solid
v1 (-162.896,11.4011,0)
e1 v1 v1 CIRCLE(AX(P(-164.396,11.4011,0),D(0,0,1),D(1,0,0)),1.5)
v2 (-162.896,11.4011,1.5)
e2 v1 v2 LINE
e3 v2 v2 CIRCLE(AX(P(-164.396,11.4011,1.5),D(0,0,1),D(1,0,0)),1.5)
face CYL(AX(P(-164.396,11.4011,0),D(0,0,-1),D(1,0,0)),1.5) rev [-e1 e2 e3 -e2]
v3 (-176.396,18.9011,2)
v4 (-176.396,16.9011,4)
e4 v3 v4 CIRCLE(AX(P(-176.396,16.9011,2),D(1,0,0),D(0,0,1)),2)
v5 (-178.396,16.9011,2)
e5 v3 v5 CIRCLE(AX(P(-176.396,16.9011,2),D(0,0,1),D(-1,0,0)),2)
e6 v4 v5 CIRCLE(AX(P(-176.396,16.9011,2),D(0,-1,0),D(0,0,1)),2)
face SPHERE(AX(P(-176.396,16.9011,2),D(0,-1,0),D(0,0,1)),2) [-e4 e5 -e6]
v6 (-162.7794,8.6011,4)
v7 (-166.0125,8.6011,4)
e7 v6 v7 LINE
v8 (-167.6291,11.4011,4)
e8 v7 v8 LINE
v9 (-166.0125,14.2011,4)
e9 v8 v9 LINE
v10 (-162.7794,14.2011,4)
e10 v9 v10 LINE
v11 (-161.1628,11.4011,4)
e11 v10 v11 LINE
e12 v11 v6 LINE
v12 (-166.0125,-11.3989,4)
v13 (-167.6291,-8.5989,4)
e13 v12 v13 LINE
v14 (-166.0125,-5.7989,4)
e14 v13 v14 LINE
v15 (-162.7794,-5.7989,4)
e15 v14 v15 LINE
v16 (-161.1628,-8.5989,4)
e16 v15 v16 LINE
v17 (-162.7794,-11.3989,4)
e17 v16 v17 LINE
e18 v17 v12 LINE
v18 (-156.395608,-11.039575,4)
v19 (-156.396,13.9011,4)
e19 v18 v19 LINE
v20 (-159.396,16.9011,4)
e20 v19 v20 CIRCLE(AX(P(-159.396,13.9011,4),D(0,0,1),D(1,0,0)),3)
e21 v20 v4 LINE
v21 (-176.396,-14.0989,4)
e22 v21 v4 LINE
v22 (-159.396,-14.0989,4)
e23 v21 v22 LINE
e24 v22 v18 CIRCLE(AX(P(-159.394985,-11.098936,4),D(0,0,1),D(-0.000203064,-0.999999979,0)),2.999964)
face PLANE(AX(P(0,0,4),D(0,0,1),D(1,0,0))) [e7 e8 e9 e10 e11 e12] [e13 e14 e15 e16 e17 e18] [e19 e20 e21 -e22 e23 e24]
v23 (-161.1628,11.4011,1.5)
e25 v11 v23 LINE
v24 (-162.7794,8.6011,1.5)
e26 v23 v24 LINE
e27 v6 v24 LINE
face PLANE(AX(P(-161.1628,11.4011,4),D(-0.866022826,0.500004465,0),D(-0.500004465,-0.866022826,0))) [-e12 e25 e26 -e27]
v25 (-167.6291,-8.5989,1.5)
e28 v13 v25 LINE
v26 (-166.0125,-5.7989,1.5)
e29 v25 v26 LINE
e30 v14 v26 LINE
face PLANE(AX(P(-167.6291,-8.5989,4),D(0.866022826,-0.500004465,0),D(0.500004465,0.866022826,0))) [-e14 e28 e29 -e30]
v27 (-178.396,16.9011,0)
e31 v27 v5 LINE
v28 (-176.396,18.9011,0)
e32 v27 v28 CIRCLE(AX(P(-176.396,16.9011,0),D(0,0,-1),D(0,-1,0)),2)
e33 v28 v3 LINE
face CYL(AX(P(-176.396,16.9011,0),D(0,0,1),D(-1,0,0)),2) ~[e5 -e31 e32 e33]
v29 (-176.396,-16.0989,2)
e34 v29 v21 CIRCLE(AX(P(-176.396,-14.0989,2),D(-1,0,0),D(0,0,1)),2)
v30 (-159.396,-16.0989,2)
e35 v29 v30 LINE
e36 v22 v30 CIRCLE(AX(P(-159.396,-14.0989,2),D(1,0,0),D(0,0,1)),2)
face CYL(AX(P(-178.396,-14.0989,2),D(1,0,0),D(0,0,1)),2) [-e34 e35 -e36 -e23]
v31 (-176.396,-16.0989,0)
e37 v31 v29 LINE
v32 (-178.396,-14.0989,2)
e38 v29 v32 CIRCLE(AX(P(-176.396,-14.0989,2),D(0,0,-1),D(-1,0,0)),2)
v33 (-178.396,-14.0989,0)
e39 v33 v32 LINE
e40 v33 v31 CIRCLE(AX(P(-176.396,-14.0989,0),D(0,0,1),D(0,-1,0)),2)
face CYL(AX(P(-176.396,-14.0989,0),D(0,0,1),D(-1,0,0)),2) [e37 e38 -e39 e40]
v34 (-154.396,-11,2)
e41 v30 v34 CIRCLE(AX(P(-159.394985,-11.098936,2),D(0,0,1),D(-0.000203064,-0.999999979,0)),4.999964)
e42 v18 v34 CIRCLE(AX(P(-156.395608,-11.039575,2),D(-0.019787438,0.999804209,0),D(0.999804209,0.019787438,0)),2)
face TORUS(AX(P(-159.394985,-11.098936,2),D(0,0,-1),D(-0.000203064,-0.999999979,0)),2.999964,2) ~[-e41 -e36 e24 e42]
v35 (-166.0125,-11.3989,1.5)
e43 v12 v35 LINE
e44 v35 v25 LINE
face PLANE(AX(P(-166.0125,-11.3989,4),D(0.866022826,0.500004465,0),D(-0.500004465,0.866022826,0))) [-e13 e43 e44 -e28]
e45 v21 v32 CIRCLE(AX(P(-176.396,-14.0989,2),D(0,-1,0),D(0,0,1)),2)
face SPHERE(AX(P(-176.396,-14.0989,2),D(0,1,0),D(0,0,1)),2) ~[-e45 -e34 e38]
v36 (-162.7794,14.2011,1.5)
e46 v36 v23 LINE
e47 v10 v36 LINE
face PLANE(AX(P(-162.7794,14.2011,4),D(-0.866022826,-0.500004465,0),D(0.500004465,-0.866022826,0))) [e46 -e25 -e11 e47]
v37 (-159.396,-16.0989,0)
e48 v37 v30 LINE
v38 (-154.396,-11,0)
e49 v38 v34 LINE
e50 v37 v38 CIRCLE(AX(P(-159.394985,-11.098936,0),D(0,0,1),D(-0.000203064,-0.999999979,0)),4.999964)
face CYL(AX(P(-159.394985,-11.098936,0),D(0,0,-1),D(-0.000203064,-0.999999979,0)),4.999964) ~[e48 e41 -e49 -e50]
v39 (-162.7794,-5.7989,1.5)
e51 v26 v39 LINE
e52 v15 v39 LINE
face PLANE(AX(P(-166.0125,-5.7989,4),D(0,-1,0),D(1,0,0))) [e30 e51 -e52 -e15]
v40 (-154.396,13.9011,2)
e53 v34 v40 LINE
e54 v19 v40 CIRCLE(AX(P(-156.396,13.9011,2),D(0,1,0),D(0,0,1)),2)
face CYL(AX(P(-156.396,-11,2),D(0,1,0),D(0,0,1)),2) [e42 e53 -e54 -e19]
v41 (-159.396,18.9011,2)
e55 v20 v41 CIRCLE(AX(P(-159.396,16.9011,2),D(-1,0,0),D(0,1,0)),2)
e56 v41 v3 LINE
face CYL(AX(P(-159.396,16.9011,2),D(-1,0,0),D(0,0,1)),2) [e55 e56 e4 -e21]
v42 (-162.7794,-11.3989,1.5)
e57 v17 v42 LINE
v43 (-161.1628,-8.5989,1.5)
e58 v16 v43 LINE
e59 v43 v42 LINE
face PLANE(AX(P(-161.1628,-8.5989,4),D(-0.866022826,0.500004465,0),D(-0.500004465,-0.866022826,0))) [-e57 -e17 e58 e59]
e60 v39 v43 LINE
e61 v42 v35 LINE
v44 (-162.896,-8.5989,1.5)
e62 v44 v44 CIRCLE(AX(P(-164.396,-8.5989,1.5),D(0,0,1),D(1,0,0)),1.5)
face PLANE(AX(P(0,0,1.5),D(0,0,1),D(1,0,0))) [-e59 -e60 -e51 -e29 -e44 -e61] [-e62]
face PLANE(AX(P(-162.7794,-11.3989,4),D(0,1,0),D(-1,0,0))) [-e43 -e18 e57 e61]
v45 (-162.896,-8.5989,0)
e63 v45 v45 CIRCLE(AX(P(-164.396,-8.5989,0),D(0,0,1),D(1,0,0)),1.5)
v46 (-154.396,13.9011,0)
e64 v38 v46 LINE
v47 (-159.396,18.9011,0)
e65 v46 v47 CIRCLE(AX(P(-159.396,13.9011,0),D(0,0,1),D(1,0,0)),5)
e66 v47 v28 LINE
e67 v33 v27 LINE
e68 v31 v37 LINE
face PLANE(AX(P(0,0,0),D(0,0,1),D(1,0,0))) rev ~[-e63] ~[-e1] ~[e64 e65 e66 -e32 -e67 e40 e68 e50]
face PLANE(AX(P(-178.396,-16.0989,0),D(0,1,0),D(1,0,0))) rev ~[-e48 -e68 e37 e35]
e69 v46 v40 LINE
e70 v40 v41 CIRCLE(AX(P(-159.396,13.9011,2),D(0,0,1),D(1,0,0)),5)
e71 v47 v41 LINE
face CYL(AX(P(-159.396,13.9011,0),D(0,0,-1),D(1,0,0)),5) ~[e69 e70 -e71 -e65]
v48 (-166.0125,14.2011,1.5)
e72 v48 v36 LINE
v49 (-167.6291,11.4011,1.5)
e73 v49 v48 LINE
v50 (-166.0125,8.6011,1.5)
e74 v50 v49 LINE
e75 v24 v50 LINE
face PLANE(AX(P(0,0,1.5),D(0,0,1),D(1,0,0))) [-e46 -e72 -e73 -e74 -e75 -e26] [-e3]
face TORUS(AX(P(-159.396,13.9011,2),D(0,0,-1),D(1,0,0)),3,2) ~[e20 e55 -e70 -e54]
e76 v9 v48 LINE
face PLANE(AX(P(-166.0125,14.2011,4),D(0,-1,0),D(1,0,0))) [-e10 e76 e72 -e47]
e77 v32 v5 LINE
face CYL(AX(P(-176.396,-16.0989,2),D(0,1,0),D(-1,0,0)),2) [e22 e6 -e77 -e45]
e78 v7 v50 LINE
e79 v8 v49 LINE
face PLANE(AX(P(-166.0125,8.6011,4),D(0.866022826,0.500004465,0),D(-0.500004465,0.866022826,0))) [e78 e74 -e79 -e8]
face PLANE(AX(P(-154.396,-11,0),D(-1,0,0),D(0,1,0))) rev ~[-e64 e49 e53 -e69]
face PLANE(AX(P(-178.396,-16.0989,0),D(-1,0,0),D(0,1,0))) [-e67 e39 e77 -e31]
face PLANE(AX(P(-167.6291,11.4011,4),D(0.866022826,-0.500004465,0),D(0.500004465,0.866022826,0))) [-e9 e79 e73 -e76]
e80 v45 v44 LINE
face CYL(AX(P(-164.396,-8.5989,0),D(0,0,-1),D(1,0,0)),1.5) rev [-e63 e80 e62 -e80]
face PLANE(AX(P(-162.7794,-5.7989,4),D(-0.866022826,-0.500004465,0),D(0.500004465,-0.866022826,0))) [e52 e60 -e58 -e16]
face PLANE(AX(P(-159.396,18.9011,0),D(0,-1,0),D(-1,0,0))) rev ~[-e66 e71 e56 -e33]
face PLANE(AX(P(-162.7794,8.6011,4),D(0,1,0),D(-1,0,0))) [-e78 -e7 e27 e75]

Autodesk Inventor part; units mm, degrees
ref_plane "YZ Plane" through (0, 0, 0) normal (1, 0, 0) x (0, 1, 0)
ref_plane "XZ Plane" through (0, 0, 0) normal (0, 1, 0) x (-1, 0, 0)
ref_plane "XY Plane" through (0, 0, 0) normal (0, 0, 1) x (1, 0, 0)
sketch "Эскиз1" plane through (0, 0, 0) normal (0, 0, 1) x (1, 0, 0)
  line L0 (-178.396, -16.0989) -> (-159.396, -16.0989)
  arc A0 (-159.396, -16.0989) -> (-154.396, -11) centre (-159.395, -11.0989) ccw
  line L1 (-154.396, -11) -> (-154.396, 13.9011)
  arc A1 (-154.396, 13.9011) -> (-159.396, 18.9011) centre (-159.396, 13.9011) ccw
  line L2 (-159.396, 18.9011) -> (-178.396, 18.9011)
  circle A2 centre (-164.396, 11.4011) radius 1.5
  circle A3 centre (-164.396, -8.5989) radius 1.5
  line L3 (-178.396, -16.0989) -> (-178.396, 18.9011)
  point P0 (0, 0)
  dimension "d9" = 20
  dimension "d10" = 7.5
  dimension "d11" = 7.5
  dimension "d12" = 14
  dimension "d13" = 10
  dimension "d14" = 5
  dimension "d15" = 5
  dimension "d16" = 14
  dimension "d17" = 3
  dimension "d18" = 3
extrude "Выдавливание1" add sketch "Эскиз1" along normal blind 4
sketch "Эскиз2" plane through (0, 0, 4) normal (0, 0, 1) x (1, 0, 0)
  circle A0 centre (-164.396, -8.5989) radius 1.5 projected
  circle A1 centre (-164.396, 11.4011) radius 1.5 projected
  line L0 (-178.396, -16.0989) -> (-159.396, -16.0989) projected
  arc A2 (-159.396, -16.0989) -> (-154.396, -11) centre (-159.395, -11.0989) ccw projected
  line L1 (-154.396, -11) -> (-154.396, 13.9011) projected
  arc A3 (-154.396, 13.9011) -> (-159.396, 18.9011) centre (-159.396, 13.9011) ccw projected
  line L2 (-159.396, 18.9011) -> (-178.396, 18.9011) projected
  line L3 (-178.396, 18.9011) -> (-178.396, -16.0989) projected
  circle A4 centre (-164.396, -8.5989) radius 1.5 projected
  line L4 (-167.6291, -8.5989) -> (-166.0125, -5.7989)
  line L5 (-166.0125, -5.7989) -> (-162.7794, -5.7989)
  line L6 (-162.7794, -5.7989) -> (-161.1628, -8.5989)
  line L7 (-161.1628, -8.5989) -> (-162.7794, -11.3989)
  line L8 (-162.7794, -11.3989) -> (-166.0125, -11.3989)
  line L9 (-166.0125, -11.3989) -> (-167.6291, -8.5989)
  line L10 (-167.6291, 11.4011) -> (-166.0125, 14.2011)
  line L11 (-166.0125, 14.2011) -> (-162.7794, 14.2011)
  line L12 (-162.7794, 14.2011) -> (-161.1628, 11.4011)
  line L13 (-161.1628, 11.4011) -> (-162.7794, 8.6011)
  line L14 (-162.7794, 8.6011) -> (-166.0125, 8.6011)
  line L15 (-166.0125, 8.6011) -> (-167.6291, 11.4011)
  line L16 (-159.396, 18.9011) -> (-178.396, 18.9011) projected
  line L17 (-178.396, -16.0989) -> (-159.396, -16.0989) projected
  point P0 (0, 0)
  point P1 (-164.396, 11.4011)
  dimension "d4" = 5.6
  dimension "d5" = 5.6
extrude "Выдавливание2" cut sketch "Эскиз2" against normal blind 2.5 contours L4 L5 L6 L7 L8 L9 | L10 L11 L12 L13 L14 L15
fillet "Сопряжение1" radius 2 8 edges at (-178.396, 1.4011, 4) (-155.825, -14.5996, 4) (-154.396, 1.4506, 4) (-155.8604, 17.4367, 4) (-168.896, 18.9011, 4) (-168.896, -16.0989, 4) (-178.396, -16.0989, 2) (-178.396, 18.9011, 2)
properties part number "крепление  магнитного замка"
